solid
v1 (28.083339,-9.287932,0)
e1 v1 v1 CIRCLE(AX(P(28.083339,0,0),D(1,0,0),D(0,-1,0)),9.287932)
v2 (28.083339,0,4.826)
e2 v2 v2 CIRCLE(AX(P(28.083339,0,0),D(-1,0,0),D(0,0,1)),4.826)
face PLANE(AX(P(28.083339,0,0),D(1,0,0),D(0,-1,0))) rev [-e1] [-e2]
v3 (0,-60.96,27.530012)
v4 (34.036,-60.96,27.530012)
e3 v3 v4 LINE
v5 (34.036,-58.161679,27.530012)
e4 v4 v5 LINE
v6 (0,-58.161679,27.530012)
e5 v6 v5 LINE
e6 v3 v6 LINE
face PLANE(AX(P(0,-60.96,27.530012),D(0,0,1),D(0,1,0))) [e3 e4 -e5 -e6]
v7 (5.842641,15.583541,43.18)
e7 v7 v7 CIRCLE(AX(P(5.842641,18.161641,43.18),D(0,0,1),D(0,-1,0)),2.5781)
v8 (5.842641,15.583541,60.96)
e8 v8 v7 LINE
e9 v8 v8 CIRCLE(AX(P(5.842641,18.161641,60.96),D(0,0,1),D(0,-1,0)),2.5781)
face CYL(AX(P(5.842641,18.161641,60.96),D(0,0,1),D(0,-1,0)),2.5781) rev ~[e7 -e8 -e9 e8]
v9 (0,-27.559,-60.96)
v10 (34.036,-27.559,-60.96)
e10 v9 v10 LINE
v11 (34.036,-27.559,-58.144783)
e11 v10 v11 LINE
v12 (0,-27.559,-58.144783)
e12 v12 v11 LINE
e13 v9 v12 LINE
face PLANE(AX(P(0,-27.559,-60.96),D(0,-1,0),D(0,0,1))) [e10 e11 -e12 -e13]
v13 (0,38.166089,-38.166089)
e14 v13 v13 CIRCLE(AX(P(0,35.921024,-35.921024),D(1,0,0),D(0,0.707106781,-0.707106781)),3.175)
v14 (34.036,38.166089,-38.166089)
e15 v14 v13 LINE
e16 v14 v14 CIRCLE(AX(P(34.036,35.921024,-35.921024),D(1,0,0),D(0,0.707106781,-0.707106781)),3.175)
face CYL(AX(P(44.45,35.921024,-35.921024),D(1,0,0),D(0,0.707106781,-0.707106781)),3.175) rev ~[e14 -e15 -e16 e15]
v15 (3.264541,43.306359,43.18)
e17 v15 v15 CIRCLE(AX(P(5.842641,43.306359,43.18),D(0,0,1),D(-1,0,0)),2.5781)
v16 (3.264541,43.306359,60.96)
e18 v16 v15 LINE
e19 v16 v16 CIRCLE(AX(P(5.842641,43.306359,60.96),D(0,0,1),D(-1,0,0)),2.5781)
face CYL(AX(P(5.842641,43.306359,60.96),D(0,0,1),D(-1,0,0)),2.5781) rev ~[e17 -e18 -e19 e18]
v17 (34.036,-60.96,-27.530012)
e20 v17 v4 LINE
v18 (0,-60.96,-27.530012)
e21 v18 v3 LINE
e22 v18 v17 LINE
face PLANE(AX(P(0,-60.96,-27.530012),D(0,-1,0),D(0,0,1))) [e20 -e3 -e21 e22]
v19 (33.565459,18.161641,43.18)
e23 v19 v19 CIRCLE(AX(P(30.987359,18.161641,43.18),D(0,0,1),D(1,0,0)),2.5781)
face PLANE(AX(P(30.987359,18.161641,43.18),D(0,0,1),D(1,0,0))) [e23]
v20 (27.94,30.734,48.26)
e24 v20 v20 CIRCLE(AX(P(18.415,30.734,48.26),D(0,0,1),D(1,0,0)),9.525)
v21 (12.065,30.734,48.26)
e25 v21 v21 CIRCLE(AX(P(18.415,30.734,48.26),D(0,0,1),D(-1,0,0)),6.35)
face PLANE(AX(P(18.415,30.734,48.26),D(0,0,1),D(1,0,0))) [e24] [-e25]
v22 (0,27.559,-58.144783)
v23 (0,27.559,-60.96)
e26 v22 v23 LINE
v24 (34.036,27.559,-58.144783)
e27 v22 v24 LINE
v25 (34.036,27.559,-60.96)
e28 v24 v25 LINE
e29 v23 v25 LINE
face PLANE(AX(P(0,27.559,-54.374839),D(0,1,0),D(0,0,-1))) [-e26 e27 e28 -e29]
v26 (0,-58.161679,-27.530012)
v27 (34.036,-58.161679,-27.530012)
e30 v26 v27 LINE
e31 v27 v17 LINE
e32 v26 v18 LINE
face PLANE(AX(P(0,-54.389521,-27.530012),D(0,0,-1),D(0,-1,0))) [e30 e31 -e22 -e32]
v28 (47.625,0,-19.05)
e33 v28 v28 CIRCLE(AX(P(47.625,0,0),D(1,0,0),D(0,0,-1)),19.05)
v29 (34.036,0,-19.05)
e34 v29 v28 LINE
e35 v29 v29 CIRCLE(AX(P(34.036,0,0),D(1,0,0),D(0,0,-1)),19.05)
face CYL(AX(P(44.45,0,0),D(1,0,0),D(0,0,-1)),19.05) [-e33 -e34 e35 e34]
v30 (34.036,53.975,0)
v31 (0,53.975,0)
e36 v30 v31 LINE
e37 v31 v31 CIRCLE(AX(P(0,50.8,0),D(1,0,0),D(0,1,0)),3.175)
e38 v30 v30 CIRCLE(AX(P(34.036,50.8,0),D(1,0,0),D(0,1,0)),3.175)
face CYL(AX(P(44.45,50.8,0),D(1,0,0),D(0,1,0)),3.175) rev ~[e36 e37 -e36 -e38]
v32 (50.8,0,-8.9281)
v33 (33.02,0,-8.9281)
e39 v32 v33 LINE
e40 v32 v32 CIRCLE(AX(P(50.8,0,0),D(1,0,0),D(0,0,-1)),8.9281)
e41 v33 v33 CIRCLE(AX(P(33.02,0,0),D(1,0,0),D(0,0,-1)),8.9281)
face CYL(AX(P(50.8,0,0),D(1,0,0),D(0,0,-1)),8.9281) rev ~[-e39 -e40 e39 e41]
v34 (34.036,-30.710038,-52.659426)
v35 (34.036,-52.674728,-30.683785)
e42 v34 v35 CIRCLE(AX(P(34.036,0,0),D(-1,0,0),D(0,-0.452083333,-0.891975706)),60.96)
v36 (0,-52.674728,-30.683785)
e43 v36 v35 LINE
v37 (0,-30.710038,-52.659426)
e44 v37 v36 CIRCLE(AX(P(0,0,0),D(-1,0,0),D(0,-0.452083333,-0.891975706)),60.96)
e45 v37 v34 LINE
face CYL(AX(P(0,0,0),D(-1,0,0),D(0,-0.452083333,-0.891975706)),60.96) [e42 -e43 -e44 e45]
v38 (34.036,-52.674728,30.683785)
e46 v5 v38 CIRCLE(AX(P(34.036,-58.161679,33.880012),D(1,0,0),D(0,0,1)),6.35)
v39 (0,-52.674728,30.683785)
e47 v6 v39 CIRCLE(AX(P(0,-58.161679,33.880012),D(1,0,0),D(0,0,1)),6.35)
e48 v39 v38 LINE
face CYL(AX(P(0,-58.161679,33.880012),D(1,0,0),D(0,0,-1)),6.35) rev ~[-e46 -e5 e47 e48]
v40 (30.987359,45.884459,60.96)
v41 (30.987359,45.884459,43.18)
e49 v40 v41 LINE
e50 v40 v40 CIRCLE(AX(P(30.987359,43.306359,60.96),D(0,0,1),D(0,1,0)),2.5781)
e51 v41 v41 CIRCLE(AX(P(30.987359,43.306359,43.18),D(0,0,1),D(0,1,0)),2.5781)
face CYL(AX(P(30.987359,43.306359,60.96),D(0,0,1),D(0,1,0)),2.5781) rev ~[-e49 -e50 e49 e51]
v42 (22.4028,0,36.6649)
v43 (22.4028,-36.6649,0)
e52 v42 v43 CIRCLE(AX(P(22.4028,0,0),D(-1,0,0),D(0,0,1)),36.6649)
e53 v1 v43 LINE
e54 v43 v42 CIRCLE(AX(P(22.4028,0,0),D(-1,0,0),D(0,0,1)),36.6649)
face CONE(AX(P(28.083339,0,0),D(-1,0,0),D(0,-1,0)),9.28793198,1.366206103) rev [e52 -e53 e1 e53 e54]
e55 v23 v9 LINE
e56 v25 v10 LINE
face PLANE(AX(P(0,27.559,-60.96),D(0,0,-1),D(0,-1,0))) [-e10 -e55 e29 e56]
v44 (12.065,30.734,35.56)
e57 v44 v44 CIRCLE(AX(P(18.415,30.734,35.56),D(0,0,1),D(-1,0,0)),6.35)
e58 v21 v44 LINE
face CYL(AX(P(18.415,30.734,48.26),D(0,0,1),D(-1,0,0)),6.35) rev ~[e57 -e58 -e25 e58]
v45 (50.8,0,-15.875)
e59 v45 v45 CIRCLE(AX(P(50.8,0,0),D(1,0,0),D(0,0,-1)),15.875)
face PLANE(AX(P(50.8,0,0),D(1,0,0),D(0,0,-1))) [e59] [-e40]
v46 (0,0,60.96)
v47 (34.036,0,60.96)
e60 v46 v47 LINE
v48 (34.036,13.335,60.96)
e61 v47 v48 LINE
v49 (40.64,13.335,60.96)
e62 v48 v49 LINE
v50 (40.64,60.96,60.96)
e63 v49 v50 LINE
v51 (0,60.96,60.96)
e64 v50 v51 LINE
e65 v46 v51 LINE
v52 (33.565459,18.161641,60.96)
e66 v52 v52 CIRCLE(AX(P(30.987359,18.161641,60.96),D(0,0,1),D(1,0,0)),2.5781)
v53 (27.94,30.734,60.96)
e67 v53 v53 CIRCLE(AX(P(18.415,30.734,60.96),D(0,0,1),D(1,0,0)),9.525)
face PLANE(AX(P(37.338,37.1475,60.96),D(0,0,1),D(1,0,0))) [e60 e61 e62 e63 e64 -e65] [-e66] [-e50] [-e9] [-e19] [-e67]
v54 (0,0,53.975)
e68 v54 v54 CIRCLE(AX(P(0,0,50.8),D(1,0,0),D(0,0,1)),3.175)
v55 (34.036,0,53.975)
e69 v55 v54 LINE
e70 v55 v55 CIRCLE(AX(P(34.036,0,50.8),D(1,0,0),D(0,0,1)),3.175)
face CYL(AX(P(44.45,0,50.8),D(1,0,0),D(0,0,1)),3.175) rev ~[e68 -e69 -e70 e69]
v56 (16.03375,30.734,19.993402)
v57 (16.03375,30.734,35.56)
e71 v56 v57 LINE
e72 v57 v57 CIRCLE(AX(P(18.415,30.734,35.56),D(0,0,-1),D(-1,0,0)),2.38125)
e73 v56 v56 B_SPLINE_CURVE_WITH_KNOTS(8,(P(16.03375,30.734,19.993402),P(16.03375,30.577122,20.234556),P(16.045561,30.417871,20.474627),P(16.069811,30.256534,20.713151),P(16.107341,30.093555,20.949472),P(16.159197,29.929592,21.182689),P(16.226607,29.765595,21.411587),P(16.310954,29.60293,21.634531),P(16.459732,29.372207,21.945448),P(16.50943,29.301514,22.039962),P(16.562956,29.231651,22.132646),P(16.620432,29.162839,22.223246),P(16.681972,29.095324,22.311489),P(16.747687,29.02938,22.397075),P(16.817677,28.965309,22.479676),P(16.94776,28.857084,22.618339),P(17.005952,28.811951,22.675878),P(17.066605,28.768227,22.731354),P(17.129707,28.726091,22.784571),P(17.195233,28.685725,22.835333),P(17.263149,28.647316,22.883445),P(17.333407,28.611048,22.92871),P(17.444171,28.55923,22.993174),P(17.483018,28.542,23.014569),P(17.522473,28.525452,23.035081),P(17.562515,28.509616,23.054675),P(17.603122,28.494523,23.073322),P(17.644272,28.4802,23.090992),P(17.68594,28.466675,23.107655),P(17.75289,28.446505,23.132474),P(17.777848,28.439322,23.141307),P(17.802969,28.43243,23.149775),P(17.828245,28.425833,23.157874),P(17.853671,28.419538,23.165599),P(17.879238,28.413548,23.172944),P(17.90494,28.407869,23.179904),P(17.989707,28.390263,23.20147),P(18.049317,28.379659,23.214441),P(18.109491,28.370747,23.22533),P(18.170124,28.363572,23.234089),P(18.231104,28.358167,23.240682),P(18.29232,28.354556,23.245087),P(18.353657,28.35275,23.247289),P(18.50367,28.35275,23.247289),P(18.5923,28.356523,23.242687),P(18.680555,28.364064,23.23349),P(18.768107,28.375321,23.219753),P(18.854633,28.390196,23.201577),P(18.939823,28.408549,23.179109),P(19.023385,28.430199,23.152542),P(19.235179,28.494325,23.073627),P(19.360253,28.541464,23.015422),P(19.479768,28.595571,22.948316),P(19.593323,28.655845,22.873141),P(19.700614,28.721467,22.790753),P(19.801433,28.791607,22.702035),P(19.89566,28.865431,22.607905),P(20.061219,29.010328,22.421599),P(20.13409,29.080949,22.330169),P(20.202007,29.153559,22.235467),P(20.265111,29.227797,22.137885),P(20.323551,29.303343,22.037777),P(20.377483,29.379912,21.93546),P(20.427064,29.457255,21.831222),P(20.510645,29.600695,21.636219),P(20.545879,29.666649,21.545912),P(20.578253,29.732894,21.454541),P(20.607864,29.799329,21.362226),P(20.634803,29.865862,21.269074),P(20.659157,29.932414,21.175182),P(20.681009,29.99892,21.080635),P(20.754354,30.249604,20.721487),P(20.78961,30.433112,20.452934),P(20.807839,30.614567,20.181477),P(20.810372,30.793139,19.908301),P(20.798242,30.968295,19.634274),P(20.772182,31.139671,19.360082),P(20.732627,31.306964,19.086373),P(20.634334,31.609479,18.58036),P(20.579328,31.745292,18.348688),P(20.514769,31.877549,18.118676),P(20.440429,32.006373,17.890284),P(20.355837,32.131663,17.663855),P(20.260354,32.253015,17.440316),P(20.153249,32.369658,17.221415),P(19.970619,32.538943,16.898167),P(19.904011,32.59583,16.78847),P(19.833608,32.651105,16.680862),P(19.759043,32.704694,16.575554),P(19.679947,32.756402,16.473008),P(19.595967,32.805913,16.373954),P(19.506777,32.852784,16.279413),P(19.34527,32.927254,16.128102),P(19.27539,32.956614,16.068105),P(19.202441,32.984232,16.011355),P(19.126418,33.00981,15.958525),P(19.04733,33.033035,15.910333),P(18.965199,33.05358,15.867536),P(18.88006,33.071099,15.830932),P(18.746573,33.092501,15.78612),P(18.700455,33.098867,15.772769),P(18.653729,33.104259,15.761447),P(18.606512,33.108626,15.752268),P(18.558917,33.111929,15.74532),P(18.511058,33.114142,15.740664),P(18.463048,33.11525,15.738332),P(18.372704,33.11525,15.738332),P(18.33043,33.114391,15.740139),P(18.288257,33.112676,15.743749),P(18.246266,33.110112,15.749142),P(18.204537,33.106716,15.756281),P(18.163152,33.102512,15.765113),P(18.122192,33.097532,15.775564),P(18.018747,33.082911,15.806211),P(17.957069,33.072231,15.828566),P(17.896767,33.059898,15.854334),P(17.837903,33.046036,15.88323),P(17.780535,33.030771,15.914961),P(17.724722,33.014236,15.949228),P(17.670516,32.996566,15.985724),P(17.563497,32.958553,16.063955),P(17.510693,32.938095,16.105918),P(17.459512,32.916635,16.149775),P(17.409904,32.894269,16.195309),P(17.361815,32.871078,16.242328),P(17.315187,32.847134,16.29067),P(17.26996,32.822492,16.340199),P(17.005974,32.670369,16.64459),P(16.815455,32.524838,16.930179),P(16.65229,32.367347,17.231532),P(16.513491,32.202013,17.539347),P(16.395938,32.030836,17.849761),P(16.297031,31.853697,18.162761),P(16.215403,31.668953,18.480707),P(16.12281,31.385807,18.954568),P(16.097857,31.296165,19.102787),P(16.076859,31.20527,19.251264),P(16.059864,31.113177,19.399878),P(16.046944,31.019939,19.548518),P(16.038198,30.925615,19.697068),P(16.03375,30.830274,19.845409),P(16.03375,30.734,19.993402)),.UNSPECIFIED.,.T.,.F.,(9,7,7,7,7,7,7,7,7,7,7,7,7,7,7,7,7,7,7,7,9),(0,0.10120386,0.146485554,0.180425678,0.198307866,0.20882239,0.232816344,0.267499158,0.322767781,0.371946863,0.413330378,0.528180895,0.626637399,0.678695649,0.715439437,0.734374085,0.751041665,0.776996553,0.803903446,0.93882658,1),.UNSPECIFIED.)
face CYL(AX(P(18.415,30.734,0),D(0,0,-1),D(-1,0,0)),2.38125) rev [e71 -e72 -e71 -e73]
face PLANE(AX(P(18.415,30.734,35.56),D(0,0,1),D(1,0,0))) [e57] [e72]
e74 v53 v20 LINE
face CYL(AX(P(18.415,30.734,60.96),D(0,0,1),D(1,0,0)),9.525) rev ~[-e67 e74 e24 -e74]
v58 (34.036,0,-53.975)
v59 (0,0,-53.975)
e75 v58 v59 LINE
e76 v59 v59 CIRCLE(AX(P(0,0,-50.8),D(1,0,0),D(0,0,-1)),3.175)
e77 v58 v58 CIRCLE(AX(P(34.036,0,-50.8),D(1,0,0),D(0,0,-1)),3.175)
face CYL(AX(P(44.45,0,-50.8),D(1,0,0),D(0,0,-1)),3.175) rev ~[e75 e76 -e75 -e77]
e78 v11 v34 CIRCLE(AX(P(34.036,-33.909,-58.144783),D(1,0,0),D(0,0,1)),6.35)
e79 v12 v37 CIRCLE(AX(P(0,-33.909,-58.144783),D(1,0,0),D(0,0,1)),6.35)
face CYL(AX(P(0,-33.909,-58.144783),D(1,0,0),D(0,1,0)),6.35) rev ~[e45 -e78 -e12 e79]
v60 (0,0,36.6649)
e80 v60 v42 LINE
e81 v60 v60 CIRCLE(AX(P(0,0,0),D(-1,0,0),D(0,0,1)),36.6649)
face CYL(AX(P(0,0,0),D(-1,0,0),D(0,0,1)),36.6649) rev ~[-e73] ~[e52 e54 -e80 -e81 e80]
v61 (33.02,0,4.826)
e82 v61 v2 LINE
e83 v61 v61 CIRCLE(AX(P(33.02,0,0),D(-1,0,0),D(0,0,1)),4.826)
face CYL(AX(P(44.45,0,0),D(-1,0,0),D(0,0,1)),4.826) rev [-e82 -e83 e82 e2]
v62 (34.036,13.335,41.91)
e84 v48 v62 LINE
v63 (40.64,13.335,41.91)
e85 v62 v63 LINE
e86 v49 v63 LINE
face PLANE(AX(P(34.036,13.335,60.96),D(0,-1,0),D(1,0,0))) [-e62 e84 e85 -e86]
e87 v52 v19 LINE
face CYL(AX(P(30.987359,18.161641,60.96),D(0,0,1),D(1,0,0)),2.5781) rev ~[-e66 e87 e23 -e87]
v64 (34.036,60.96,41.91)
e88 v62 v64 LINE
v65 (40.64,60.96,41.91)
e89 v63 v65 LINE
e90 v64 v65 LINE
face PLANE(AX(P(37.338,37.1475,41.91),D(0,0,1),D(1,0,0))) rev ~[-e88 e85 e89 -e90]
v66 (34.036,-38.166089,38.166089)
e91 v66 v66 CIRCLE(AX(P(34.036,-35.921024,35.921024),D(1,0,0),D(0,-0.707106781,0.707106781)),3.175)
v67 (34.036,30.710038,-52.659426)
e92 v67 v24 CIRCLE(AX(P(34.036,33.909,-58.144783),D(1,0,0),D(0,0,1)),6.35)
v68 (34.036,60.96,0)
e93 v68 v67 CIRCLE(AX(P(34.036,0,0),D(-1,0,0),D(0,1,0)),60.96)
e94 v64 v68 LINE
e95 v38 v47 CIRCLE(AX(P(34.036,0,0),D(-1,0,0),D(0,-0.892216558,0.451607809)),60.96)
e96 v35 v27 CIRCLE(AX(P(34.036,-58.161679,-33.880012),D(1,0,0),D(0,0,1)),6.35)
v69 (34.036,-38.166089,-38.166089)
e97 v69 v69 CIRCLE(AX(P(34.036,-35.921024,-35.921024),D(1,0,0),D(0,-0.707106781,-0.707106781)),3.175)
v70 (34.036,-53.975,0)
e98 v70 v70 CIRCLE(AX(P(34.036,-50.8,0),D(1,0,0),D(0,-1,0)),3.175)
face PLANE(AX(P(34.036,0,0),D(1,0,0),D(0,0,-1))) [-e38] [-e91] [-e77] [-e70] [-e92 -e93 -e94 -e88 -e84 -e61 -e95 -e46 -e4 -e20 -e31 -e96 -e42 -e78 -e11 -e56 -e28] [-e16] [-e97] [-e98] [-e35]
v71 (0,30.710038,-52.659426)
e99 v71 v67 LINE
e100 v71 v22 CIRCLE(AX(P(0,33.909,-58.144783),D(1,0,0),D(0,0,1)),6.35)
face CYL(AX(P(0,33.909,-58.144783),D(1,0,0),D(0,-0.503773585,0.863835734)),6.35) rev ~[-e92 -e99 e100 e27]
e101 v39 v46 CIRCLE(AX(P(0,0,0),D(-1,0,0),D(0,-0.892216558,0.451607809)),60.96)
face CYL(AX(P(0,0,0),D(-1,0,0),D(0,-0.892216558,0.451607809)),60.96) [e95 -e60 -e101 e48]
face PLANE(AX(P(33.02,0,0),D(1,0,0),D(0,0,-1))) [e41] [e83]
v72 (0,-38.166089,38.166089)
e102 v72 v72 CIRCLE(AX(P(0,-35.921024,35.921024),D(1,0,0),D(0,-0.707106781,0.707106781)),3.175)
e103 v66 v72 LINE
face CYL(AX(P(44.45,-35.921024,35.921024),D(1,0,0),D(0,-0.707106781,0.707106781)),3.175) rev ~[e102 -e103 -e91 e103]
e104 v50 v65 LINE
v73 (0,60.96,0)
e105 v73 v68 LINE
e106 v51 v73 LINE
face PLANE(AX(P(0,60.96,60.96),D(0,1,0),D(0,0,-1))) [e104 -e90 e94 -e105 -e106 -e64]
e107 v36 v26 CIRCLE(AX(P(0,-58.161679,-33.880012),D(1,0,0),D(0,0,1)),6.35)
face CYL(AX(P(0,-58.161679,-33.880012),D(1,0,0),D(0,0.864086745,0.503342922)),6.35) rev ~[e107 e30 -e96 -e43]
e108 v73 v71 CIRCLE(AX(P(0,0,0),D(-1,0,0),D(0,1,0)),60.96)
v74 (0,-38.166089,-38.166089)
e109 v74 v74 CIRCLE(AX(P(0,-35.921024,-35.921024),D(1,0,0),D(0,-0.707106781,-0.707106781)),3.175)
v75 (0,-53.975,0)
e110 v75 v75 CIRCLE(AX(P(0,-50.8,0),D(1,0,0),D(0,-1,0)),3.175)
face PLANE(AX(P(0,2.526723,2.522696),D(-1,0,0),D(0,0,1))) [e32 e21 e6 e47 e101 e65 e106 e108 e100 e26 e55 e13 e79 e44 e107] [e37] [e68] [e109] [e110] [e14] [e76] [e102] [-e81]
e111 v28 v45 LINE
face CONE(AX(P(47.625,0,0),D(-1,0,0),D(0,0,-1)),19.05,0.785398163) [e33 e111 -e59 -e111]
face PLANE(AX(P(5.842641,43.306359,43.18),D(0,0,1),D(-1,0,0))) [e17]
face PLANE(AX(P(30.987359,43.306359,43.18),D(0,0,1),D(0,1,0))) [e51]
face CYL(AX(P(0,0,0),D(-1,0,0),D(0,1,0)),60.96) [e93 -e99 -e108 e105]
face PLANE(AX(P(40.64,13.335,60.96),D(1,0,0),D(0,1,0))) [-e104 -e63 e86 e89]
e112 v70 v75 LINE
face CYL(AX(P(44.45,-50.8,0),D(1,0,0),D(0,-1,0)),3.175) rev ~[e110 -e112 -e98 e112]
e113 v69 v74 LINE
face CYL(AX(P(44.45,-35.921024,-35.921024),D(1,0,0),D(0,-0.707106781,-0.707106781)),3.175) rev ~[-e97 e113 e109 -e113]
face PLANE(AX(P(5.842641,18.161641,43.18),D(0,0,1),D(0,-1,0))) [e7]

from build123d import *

# Parameters (mm, degrees)
HOUSING_2_DEPTH          = 44.45
SKETCH2_R                = 36.6649
IMPELLER_CUT_DEPTH       = 22.4028
SKETCH4_R                = 4.826
INLET_CUT_DEPTH          = 19.8628
SKETCH6_R                = 3.175
FASTENER_BORE_DEPTH      = 116.84
FASTENER_PATTERN_COUNT   = 8
SKETCH7_R                = 100.114274451
SKETCH7_R_2              = 19.05
MASS_REDUCTION_CUT_DEPTH = 10.414
SKETCH11_R               = 19.05
SKETCH11_R_2             = 4.826
BOSS_EXTRUDE1_DEPTH      = 6.35
SKETCH14_R               = 2.38125
CUT_EXTRUDE3_DEPTH       = 99.06
SKETCH15_R               = 9.525
CUT_EXTRUDE4_DEPTH       = 25.4
BOSS_EXTRUDE2_START      = 12.7
SKETCH16_R               = 9.525
SKETCH16_R_2             = 6.35
BOSS_EXTRUDE2_DEPTH      = 12.7
SKETCH18_W               = 6.604
SKETCH18_H               = 47.625
BOSS_EXTRUDE3_DEPTH      = 19.05
SKETCH19_R               = 2.5781
CUT_EXTRUDE5_DEPTH       = 17.78
CIRPATTERN2_COUNT        = 4
FILLET9_R                = 6.35
SKETCH22_R               = 8.9281
CUT_EXTRUDE8_DEPTH       = 17.78
CHAMFER1_SIZE            = 3.175


with BuildPart() as part:
    # Sketch1 → Housing 2 (new body)
    with BuildSketch(Plane(origin=(0, 0, 0), x_dir=(0, 0, -1), z_dir=(1, 0, 0))):
        with BuildLine():
            Line((-60.96, 0), (-60.96, 60.96))
            Line((-60.96, 60.96), (0, 60.96))
            ThreePointArc((0, 60.96), (31.907091375, 51.942844743), (54.374839025, 27.559))
            Line((54.374839025, 27.559), (60.96, 27.559))
            Line((60.96, 27.559), (60.96, -27.559))
            Line((60.96, -27.559), (54.374839025, -27.559))
            ThreePointArc((54.374839025, -27.559), (43.093739421, -43.116716279), (27.530012063, -54.389521379))
            Line((27.530012063, -54.389521379), (27.530012063, -60.96))
            Line((27.530012063, -60.96), (-27.530012063, -60.96))
            Line((-27.530012063, -60.96), (-27.530012063, -54.389521379))
            ThreePointArc((-27.530012063, -54.389521379), (-51.934339003, -31.920934077), (-60.96, 0))
        make_face()
    extrude(amount=HOUSING_2_DEPTH)

    # Sketch2 → Impeller Cut (cut)
    with BuildSketch(Plane.ZY):
        Circle(SKETCH2_R)
    extrude(amount=-IMPELLER_CUT_DEPTH, mode=Mode.SUBTRACT)

    # Sketch3 → Impeller Angle Cut (revolve, cut)
    with BuildSketch(Plane.XY, mode=Mode.PRIVATE) as impeller_angle_cut_sk:
        Polygon((28.08333914, 9.28793198), (22.4028, 36.6649), (22.225, 0), (28.08333914, 0), align=None)
    revolve(impeller_angle_cut_sk.sketch.rotate(Axis((22.225, 0, 0), (1, 0, 0)), 180), axis=Axis((22.225, 0, 0), (1, 0, 0)), mode=Mode.SUBTRACT)

    # Sketch4 → Inlet Cut (cut)
    with BuildSketch(Plane.ZY.offset(-28.08333914)):
        Circle(SKETCH4_R)
    extrude(amount=-INLET_CUT_DEPTH, mode=Mode.SUBTRACT)

    # Sketch6 → Fastener Bore (cut)
    with BuildSketch(Plane(origin=(44.45, 0, 0), x_dir=(0, 0, -1), z_dir=(1, 0, 0))):
        with Locations((50.8, 0)):
            Circle(SKETCH6_R)
    fastener_bore = extrude(amount=-FASTENER_BORE_DEPTH, mode=Mode.SUBTRACT)

    # Fastener Pattern: Fastener Bore ×8 about axis, 1 skipped
    fastener_pattern_axis = Axis((0, 0, 0), (-1, 0, 0))
    add([fastener_bore.rotate(fastener_pattern_axis, i * 360 / FASTENER_PATTERN_COUNT) for i in range(1, FASTENER_PATTERN_COUNT) if i not in (5,)], mode=Mode.SUBTRACT)

    # Sketch7 → Mass Reduction Cut (cut)
    with BuildSketch(Plane(origin=(44.45, 0, 0), x_dir=(0, 0, -1), z_dir=(1, 0, 0))):
        Circle(SKETCH7_R)
        Circle(SKETCH7_R_2, mode=Mode.SUBTRACT)
    extrude(amount=-MASS_REDUCTION_CUT_DEPTH, mode=Mode.SUBTRACT)

    # Sketch11 → Boss-Extrude1 (add)
    with BuildSketch(Plane(origin=(44.45, 0, 0), x_dir=(0, 0, -1), z_dir=(1, 0, 0))):
        Circle(SKETCH11_R)
        with Locations(Location((0, 0, 0), (0, 0, 180))):
            Circle(SKETCH11_R_2, mode=Mode.SUBTRACT)
    extrude(amount=BOSS_EXTRUDE1_DEPTH)

    # Sketch14 → Cut-Extrude3 (cut)
    with BuildSketch(Plane.XY):
        with Locations(Location((18.415, 30.734, 0), (0, 0, 180))):
            Circle(SKETCH14_R)
    extrude(amount=CUT_EXTRUDE3_DEPTH, mode=Mode.SUBTRACT)

    # Sketch15 → Cut-Extrude4 (cut)
    with BuildSketch(Plane.XY.offset(60.96)):
        with Locations((18.415, 30.734)):
            Circle(SKETCH15_R)
    extrude(amount=-CUT_EXTRUDE4_DEPTH, mode=Mode.SUBTRACT)

    # Sketch16 → Boss-Extrude2 (add)
    with BuildSketch(Plane.XY.offset(35.56).offset(BOSS_EXTRUDE2_START)):
        with Locations((18.415, 30.734)):
            Circle(SKETCH16_R)
        with Locations(Location((18.415, 30.734, 0), (0, 0, 180))):
            Circle(SKETCH16_R_2, mode=Mode.SUBTRACT)
    extrude(amount=-BOSS_EXTRUDE2_DEPTH)

    # Sketch18 → Boss-Extrude3 (add)
    with BuildSketch(Plane.XY.offset(60.96)):
        with Locations((37.338, 37.1475)):
            Rectangle(SKETCH18_W, SKETCH18_H)
    extrude(amount=-BOSS_EXTRUDE3_DEPTH)

    # Sketch19 → Cut-Extrude5 (cut)
    with BuildSketch(Plane.XY.offset(60.96)):
        with Locations((30.987358569, 18.161641431)):
            Circle(SKETCH19_R)
    cut_extrude5 = extrude(amount=-CUT_EXTRUDE5_DEPTH, mode=Mode.SUBTRACT)

    # CirPattern2: Cut-Extrude5 ×4 about axis
    cirpattern2_axis = Axis((18.415, 30.734, 0), (0, 0, 1))
    for i in range(1, CIRPATTERN2_COUNT):
        add(cut_extrude5.rotate(cirpattern2_axis, i * 360 / CIRPATTERN2_COUNT), mode=Mode.SUBTRACT)

    # Fillet9
    fillet9_edges = [part.edges().sort_by_distance(p)[0] for p in [
        (17.018, 27.559, -54.374839025),
        (17.018, -27.559, -54.374839025),
        (17.018, -54.389521379, -27.530012063),
        (17.018, -54.389521379, 27.530012063),
    ]]
    fillet(fillet9_edges, radius=FILLET9_R)

    # Sketch22 → Cut-Extrude8 (cut)
    with BuildSketch(Plane(origin=(50.8, 0, 0), x_dir=(0, 0, -1), z_dir=(1, 0, 0))):
        Circle(SKETCH22_R)
    extrude(amount=-CUT_EXTRUDE8_DEPTH, mode=Mode.SUBTRACT)

    # Chamfer1
    chamfer1_edges = [part.edges().sort_by_distance(p)[0] for p in [
        (50.8, 0, 19.05),
    ]]
    chamfer(chamfer1_edges, length=CHAMFER1_SIZE)


solid = part.part
